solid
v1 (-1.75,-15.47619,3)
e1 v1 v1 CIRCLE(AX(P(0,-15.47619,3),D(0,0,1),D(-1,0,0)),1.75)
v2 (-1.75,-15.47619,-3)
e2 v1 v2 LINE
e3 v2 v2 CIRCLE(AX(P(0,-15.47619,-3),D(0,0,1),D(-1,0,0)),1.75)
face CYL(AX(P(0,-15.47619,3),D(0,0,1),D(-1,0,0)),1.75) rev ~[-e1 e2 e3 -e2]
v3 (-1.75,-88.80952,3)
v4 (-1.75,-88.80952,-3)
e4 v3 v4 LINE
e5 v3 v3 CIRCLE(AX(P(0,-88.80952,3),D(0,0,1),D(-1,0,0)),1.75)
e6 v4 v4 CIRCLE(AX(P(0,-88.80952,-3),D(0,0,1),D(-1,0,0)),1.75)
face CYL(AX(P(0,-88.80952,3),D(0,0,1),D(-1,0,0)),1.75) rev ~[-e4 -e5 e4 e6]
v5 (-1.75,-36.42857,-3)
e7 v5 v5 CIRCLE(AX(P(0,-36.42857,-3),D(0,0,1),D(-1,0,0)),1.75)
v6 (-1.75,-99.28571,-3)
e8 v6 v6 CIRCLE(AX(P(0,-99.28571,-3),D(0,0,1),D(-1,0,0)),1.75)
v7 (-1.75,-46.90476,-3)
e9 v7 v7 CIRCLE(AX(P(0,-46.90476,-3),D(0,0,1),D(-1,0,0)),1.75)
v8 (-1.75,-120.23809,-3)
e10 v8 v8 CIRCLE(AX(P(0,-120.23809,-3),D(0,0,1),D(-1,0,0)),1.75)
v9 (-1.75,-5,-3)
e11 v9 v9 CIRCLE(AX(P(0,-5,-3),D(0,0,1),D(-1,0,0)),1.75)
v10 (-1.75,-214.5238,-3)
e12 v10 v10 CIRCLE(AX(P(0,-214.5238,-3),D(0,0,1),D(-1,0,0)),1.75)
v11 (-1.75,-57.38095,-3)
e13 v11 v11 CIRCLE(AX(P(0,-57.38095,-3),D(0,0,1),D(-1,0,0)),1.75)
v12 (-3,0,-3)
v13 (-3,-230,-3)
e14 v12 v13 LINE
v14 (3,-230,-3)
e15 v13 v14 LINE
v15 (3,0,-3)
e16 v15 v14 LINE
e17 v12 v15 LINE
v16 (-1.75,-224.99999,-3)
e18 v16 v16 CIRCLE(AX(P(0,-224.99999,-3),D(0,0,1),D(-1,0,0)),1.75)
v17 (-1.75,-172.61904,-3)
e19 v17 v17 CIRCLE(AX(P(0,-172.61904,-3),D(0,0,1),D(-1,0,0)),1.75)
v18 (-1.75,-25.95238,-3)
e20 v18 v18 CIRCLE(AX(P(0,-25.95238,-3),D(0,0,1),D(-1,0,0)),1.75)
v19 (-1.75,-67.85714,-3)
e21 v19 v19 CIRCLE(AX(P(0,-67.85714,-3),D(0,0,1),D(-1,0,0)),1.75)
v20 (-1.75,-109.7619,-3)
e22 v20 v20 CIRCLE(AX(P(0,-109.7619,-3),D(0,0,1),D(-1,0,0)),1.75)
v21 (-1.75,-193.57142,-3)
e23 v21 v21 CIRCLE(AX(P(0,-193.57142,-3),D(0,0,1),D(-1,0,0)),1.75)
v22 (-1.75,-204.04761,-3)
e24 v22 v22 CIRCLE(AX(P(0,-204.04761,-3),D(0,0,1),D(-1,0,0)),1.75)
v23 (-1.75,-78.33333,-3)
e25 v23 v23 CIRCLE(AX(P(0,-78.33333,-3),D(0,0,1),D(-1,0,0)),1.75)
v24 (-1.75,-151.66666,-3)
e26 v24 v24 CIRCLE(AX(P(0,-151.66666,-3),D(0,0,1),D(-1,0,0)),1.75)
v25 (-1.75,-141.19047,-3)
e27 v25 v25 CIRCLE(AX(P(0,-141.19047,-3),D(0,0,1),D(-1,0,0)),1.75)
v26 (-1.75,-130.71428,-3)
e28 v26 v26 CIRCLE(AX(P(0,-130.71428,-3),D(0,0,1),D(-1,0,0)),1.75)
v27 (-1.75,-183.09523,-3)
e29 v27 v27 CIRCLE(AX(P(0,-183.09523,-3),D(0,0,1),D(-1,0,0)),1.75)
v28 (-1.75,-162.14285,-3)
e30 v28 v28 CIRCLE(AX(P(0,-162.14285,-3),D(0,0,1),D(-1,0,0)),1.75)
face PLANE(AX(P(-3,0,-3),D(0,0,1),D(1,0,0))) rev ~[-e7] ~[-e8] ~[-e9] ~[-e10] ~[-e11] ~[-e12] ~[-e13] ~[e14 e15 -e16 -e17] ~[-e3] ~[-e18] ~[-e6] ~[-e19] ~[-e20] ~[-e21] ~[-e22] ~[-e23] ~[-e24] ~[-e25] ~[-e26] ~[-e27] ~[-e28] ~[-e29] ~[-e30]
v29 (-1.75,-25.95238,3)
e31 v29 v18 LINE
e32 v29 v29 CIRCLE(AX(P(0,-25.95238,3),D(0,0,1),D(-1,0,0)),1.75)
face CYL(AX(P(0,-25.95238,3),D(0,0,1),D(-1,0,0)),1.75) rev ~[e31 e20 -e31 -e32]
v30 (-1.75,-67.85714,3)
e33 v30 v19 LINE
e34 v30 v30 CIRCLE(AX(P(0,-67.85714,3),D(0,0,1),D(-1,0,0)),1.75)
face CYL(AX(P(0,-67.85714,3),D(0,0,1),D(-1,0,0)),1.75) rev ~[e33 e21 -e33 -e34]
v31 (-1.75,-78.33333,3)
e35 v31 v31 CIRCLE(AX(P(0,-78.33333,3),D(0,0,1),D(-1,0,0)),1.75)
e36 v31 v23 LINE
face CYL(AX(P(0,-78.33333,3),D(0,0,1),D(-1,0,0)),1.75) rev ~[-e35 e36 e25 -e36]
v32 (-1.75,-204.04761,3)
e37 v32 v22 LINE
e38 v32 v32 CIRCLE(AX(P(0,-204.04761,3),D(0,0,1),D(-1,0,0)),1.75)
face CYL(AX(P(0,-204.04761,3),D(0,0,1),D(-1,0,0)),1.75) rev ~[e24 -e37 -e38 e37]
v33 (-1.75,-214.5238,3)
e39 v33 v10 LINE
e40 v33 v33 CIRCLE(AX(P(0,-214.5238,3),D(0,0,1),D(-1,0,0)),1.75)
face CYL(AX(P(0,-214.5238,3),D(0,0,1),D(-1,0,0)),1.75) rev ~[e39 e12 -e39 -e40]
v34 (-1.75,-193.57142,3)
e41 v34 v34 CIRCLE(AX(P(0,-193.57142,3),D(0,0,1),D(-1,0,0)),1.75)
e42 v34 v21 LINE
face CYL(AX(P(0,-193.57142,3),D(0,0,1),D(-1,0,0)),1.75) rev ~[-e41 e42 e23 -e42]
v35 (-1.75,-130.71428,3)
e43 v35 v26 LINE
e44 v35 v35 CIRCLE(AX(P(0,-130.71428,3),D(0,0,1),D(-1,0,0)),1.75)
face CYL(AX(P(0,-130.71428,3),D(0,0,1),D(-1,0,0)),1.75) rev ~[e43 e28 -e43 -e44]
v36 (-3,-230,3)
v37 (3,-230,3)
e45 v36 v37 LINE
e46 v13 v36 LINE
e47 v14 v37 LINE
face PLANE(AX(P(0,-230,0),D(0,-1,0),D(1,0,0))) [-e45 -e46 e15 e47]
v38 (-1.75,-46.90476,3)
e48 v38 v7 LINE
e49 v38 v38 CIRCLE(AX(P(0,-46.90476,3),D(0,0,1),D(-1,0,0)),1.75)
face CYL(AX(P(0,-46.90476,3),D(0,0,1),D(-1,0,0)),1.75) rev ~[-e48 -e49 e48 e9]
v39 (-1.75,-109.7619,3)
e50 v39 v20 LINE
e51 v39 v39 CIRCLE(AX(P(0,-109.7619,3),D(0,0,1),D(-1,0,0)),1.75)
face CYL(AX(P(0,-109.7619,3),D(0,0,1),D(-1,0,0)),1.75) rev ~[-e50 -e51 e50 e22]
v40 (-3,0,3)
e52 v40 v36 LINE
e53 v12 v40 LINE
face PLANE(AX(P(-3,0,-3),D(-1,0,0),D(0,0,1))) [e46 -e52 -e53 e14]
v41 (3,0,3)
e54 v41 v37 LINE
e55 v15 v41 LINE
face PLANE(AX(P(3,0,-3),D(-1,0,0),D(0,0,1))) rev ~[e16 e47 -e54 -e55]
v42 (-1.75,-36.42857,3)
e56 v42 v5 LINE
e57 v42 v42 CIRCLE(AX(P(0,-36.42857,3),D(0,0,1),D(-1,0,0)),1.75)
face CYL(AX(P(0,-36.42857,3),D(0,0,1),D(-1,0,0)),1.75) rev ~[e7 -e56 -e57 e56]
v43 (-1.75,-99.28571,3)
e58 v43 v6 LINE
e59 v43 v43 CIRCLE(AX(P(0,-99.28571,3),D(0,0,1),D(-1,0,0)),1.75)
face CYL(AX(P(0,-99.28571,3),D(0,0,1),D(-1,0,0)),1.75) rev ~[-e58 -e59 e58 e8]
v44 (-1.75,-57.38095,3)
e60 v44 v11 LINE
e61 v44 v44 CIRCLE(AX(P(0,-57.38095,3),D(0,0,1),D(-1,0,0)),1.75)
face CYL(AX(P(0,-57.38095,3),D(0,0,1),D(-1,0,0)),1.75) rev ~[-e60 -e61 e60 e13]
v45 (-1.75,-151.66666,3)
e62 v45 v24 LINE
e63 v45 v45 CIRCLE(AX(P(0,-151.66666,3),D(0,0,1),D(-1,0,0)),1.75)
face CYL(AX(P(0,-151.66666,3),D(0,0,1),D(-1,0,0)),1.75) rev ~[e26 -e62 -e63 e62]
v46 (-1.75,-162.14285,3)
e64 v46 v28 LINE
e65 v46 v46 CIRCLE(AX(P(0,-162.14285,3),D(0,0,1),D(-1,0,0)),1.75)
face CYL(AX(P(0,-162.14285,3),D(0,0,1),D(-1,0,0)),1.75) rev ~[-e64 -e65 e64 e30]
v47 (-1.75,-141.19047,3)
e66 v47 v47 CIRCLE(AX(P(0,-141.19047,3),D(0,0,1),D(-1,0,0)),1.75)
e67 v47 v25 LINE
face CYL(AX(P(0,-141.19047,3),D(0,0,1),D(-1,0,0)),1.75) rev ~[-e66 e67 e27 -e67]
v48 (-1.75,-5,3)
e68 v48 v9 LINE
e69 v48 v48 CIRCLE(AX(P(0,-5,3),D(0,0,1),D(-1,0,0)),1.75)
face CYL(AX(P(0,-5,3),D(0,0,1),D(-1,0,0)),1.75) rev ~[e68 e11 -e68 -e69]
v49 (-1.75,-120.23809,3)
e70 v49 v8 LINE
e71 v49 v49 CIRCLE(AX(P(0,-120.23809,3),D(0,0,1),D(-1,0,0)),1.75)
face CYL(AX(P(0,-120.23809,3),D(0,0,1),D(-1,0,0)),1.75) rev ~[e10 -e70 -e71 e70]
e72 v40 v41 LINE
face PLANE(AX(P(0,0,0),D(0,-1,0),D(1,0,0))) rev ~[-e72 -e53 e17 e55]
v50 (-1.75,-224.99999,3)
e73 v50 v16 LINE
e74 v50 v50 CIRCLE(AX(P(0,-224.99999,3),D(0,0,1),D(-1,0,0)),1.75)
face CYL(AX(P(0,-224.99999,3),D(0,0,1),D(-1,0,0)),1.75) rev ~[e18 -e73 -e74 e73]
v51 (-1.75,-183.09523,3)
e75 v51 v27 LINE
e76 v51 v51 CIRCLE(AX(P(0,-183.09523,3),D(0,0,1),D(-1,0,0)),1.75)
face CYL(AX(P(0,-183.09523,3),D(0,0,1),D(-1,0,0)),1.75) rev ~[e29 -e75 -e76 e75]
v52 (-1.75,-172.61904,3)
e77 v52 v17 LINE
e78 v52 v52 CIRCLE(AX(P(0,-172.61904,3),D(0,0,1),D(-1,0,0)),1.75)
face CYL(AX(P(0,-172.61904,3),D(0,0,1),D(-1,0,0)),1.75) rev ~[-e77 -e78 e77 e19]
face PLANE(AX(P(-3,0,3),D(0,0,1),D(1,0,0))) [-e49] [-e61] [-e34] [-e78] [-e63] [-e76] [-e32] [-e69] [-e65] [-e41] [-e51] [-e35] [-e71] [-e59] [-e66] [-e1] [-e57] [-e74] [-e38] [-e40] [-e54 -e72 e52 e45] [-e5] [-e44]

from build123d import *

# Parameters (mm, degrees)
SKETCH_W            = 6
SKETCH_H            = 6
PAD_DEPTH           = 230
SKETCH001_R         = 1.75
POCKET_DEPTH        = 6.001
LINEARPATTERN_COUNT = 22
LINEARPATTERN_PITCH = 10.47619


with BuildPart() as part:
    # Sketch → Pad (new body)
    with BuildSketch(Plane.XZ):
        Rectangle(SKETCH_W, SKETCH_H)
    extrude(amount=PAD_DEPTH)

    # Sketch001 → Pocket (cut, through all)
    with BuildSketch(Plane(origin=(0, 0, 3), x_dir=(-1, 0, 0), z_dir=(0, 0, 1))):
        with Locations((0, 5)):
            Circle(SKETCH001_R)
    pocket = extrude(amount=-POCKET_DEPTH, mode=Mode.SUBTRACT)

    # LinearPattern: Pocket ×22
    with Locations(*[(0, -i * LINEARPATTERN_PITCH, 0) for i in range(1, LINEARPATTERN_COUNT)]):
        add(pocket, mode=Mode.SUBTRACT)


solid = part.part
